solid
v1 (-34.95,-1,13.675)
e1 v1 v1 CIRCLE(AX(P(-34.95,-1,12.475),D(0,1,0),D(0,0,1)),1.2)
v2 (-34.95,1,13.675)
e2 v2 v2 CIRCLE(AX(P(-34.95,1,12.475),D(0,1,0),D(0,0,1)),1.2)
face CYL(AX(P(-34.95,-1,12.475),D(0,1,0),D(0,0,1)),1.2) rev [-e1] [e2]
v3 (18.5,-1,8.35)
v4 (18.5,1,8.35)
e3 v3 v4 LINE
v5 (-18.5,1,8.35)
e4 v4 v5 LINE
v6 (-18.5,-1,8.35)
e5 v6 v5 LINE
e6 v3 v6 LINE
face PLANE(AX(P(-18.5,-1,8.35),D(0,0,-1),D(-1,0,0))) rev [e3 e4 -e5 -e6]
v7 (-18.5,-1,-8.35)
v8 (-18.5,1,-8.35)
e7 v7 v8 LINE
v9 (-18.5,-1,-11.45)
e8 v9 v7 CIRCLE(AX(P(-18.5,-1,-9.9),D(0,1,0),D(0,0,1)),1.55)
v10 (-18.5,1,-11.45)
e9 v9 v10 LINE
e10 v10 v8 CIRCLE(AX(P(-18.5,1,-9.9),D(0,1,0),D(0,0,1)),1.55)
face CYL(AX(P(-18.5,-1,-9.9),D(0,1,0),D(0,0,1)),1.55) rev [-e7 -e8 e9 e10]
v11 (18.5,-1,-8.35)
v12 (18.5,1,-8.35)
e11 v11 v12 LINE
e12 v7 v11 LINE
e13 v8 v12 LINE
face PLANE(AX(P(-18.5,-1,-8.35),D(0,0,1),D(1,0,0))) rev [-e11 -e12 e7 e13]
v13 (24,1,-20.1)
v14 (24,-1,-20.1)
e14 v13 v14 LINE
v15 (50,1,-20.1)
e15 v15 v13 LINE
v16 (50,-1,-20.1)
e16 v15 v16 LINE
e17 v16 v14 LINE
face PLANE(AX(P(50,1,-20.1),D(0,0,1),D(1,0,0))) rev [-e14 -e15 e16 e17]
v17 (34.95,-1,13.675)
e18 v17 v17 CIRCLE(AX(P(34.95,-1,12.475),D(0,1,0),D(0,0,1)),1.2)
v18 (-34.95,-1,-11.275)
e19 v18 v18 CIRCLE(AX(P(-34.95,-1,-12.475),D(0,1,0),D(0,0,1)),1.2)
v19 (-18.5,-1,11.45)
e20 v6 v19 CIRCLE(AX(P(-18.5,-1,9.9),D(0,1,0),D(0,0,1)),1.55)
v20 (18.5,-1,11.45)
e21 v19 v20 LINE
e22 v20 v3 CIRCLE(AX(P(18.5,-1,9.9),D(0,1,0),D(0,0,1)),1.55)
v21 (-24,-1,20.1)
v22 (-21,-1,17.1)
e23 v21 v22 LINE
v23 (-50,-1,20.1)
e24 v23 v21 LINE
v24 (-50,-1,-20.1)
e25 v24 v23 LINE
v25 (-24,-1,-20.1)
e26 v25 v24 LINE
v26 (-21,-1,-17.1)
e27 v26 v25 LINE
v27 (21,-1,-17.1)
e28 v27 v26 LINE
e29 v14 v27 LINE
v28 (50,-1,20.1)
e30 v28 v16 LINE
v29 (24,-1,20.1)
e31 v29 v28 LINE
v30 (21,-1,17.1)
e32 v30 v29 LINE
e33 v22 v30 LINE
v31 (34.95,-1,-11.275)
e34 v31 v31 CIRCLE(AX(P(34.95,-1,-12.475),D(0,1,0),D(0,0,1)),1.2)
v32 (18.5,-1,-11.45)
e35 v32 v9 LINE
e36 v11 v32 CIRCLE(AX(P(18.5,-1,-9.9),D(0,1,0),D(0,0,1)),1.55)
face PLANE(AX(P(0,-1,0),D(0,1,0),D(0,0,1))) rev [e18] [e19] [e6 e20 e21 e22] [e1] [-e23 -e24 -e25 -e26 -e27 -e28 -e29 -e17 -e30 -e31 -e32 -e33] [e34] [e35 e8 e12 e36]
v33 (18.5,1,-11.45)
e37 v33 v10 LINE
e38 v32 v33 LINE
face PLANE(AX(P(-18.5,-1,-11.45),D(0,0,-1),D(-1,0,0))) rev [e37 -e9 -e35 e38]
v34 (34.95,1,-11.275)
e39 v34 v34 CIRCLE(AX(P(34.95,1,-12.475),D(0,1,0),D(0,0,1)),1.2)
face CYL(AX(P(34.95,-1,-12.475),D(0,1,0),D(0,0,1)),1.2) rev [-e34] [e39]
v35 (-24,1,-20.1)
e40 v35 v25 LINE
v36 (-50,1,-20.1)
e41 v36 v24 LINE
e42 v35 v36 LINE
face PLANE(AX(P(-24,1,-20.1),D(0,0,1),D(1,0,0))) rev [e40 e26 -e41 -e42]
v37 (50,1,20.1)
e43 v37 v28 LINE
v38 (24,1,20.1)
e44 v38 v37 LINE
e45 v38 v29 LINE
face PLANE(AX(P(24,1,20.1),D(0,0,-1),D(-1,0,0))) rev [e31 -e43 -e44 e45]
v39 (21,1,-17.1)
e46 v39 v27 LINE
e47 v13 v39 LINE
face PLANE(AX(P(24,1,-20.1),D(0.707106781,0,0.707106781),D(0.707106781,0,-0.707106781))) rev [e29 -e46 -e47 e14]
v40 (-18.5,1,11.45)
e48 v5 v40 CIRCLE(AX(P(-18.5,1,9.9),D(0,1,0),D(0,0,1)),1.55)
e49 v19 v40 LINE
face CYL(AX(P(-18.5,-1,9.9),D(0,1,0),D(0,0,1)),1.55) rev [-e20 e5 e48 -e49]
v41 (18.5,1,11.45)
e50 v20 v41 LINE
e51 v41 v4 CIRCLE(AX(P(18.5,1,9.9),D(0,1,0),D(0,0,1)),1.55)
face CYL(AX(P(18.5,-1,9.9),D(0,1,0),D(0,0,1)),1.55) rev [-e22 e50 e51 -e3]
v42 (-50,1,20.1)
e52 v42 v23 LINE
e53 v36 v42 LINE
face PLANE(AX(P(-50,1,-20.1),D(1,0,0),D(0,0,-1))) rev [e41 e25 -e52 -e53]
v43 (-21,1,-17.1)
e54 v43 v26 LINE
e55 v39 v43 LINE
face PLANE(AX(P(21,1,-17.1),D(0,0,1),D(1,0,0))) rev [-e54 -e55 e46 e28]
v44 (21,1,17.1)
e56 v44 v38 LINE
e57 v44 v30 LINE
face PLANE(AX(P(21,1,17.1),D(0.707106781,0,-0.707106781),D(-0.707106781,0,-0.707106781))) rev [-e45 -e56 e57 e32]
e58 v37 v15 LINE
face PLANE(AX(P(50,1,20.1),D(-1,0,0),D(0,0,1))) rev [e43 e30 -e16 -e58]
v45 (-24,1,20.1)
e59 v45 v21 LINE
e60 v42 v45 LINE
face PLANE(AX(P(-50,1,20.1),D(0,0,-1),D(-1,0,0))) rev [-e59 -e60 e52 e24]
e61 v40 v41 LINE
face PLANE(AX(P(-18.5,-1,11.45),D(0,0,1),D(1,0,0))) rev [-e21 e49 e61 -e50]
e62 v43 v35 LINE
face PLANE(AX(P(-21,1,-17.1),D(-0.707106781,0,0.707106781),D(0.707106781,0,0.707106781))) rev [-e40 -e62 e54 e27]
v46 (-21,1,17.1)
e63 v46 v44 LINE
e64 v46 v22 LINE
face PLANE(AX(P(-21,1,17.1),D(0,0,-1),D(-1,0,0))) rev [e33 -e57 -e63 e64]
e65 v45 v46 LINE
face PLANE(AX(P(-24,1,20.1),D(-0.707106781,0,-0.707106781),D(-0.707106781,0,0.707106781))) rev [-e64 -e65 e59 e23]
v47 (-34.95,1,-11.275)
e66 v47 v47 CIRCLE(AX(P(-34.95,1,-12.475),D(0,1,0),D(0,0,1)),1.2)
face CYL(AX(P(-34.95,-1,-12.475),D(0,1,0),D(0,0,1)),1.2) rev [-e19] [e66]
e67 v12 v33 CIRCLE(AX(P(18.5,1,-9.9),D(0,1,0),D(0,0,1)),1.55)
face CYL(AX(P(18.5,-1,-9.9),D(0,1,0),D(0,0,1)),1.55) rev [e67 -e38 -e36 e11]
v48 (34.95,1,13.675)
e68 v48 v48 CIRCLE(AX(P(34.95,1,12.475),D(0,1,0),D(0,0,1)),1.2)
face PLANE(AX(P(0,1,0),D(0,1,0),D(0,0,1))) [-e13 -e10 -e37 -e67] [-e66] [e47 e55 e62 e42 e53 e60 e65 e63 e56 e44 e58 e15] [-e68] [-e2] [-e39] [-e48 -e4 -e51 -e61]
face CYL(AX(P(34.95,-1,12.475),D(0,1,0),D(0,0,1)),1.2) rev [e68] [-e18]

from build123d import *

# Parameters (mm, degrees)
BOSS_EXTRUDE1_DEPTH     = 1
CUT_EXTRUDE1_DEPTH      = 54.925967771
CUT_EXTRUDE1_DEPTH_BACK = 54.925967771
SKETCH2_R               = 1.2


with BuildPart() as part:
    # Sketch1 → Boss-Extrude1 (new, symmetric)
    with BuildSketch(Plane(origin=(0, 0, 0), x_dir=(1, 0, 0), z_dir=(0, 1, 0))):
        Polygon((-50, 20.1), (-50, -20.1), (-24, -20.1), (-21, -17.1), (21, -17.1), (24, -20.1), (50, -20.1), (50, 20.1), (24, 20.1), (21, 17.1), (-21, 17.1), (-24, 20.1), align=None)
    extrude(amount=BOSS_EXTRUDE1_DEPTH, both=True)

    # Sketch2 → Cut-Extrude1 (cut, two sides: drawn at the far end of the back side and taken through both)
    with BuildSketch(Plane(origin=(0, 1, 0), x_dir=(1, 0, 0), z_dir=(0, 1, 0)).offset(-CUT_EXTRUDE1_DEPTH_BACK)):
        with Locations(Location((-34.95, 12.475, 0), (0, 0, 270))):
            Circle(SKETCH2_R)
        with Locations(Location((-34.95, -12.475, 0), (0, 0, 270))):
            Circle(SKETCH2_R)
        with Locations(Location((34.95, -12.475, 0), (0, 0, 270))):
            Circle(SKETCH2_R)
        with Locations(Location((34.95, 12.475, 0), (0, 0, 270))):
            Circle(SKETCH2_R)
        with BuildLine():
            Line((-18.5, 11.45), (18.5, 11.45))
            ThreePointArc((18.5, 11.45), (20.05, 9.9), (18.5, 8.35))
            Line((18.5, 8.35), (-18.5, 8.35))
            ThreePointArc((-18.5, 8.35), (-20.05, 9.9), (-18.5, 11.45))
        make_face()
        with BuildLine():
            Line((-18.5, -8.35), (18.5, -8.35))
            ThreePointArc((18.5, -8.35), (20.05, -9.9), (18.5, -11.45))
            Line((18.5, -11.45), (-18.5, -11.45))
            ThreePointArc((-18.5, -11.45), (-20.05, -9.9), (-18.5, -8.35))
        make_face()
    extrude(amount=CUT_EXTRUDE1_DEPTH + CUT_EXTRUDE1_DEPTH_BACK, mode=Mode.SUBTRACT)


solid = part.part
